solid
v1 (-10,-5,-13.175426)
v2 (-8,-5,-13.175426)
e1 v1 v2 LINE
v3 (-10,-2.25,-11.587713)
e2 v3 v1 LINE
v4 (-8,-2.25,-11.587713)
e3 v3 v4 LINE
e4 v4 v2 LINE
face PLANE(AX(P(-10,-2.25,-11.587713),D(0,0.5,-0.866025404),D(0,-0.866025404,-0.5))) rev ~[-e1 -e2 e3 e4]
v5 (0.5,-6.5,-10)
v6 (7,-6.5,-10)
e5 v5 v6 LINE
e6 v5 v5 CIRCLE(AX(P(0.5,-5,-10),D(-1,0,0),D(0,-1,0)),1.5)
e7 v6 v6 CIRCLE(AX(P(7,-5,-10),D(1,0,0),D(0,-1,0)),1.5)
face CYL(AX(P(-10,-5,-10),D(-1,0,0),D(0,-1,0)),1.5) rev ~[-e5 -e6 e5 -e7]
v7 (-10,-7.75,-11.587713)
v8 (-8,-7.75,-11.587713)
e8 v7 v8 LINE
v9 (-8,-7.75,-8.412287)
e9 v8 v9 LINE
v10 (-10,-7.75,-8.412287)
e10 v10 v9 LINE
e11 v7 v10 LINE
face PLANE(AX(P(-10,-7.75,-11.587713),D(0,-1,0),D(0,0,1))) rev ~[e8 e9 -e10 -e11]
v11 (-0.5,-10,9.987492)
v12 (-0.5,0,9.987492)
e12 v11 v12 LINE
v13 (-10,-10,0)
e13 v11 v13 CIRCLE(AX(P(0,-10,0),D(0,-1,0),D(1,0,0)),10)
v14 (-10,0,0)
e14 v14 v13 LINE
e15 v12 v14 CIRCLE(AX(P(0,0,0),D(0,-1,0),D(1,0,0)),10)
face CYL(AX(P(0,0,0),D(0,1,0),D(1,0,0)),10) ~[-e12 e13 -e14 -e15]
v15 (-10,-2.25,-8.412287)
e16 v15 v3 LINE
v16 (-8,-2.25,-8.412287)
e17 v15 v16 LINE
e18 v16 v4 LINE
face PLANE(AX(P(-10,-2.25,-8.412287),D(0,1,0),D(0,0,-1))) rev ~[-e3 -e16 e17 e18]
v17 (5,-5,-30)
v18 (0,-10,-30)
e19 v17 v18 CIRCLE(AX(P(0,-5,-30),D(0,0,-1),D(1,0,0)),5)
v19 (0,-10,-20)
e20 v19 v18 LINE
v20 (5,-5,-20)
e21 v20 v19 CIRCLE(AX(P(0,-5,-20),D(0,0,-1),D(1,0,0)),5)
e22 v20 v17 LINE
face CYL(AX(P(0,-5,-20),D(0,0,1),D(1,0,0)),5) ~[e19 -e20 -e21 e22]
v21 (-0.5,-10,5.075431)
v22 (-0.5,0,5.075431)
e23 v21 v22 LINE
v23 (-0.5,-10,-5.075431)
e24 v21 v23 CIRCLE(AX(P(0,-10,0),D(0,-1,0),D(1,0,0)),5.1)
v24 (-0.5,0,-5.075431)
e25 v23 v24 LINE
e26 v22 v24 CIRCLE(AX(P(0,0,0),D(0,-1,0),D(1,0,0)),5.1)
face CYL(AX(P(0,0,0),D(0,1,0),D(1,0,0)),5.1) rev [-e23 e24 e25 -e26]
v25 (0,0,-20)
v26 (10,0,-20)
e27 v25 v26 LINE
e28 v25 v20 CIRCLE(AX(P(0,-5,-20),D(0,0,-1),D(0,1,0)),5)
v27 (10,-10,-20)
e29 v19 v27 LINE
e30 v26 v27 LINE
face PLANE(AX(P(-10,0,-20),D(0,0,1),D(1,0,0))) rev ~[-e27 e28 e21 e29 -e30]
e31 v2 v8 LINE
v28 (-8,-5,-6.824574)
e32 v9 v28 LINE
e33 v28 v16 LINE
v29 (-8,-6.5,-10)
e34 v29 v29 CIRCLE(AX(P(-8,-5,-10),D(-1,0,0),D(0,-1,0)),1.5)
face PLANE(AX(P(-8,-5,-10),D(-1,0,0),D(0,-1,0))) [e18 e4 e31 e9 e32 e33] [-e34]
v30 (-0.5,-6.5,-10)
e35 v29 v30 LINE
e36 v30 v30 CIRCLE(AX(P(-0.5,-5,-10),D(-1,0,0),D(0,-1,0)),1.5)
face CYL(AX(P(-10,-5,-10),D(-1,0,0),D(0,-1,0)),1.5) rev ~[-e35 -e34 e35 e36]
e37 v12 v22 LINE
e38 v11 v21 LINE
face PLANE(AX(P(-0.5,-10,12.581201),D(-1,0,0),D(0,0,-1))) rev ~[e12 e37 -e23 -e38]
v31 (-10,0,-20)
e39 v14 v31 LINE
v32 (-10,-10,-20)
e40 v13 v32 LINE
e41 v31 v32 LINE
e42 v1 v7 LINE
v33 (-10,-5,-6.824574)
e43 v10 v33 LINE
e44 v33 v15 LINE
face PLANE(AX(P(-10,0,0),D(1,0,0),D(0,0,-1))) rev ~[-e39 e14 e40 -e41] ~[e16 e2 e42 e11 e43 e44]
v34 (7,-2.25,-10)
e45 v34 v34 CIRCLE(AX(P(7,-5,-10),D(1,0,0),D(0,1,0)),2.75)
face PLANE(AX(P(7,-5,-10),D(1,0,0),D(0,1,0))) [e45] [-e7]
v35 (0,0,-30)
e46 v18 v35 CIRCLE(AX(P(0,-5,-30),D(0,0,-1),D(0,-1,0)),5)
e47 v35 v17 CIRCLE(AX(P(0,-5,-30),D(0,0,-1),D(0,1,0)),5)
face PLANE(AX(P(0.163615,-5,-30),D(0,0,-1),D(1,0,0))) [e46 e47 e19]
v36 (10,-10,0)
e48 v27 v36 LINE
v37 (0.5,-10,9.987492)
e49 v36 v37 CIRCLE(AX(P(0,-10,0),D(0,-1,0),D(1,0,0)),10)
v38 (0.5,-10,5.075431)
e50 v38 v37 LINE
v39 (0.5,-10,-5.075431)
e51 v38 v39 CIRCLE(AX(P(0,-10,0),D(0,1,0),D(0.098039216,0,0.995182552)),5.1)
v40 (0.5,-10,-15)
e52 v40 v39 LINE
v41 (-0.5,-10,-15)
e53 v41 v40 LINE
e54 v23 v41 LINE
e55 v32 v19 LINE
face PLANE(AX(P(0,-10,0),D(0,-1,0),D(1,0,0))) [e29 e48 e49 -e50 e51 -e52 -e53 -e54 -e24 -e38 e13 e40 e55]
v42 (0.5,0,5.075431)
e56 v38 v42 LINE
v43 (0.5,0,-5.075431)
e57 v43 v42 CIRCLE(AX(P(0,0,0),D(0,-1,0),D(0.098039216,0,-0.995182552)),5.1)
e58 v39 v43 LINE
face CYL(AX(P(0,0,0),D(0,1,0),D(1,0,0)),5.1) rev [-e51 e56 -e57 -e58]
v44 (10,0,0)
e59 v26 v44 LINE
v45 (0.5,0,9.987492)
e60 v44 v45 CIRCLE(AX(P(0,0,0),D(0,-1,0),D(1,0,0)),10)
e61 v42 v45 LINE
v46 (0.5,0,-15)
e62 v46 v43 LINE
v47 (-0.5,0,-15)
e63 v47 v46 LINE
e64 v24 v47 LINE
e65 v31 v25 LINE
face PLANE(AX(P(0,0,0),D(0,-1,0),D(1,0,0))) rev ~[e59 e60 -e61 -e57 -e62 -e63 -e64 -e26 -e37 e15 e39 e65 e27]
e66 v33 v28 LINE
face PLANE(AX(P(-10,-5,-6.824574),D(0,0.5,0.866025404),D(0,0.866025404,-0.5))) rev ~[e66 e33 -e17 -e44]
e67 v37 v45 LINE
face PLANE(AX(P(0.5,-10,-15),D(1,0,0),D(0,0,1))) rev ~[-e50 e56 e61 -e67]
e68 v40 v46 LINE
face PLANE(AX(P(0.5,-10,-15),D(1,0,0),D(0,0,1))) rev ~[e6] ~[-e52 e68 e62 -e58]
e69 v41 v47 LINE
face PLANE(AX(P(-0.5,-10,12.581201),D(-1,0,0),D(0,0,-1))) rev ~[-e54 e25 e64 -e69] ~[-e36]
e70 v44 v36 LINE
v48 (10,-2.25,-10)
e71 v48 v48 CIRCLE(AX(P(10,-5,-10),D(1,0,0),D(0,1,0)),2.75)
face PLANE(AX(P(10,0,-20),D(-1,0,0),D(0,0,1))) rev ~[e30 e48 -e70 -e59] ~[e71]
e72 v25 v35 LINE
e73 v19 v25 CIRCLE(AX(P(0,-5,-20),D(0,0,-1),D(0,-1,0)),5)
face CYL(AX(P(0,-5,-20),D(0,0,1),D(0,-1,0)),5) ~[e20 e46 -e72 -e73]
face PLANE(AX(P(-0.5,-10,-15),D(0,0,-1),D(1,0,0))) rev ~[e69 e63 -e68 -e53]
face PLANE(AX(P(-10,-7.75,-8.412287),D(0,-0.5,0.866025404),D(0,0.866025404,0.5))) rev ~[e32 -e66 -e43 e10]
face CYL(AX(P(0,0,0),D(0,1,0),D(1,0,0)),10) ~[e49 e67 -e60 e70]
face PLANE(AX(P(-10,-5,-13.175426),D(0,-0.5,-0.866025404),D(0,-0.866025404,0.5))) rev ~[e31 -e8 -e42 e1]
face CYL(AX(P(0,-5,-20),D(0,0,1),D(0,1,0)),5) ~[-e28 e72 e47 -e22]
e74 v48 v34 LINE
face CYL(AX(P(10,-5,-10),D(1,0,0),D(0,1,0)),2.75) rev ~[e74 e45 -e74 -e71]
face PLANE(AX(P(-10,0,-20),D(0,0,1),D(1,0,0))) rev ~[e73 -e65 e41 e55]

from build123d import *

# Parameters (mm, degrees)
F0_R      = 5.1
F1_DEPTH  = 10
F2_R      = 1.5
F3_DEPTH  = 25
F5_DEPTH  = 25
F7_DEPTH  = 10
F8_R      = 2.75
F8_R_2    = 1.5
F9_DEPTH  = 3
F10_R     = 1.5
F11_DEPTH = 2


with BuildPart() as f1:
    # F0 (on Front) → F1 (new body)
    with BuildSketch(Plane.XZ):
        with BuildLine():
            ThreePointArc((-10, 0), (0, -10), (10, 0))
            ThreePointArc((10, 0), (0, 10), (-10, 0))
        make_face()
        Circle(F0_R, mode=Mode.SUBTRACT)
        with BuildLine():
            Line((10, -20), (10, 0))
            ThreePointArc((10, 0), (0, -10), (-10, 0))
            Line((-10, 0), (-10, -20))
            Line((-10, -20), (10, -20))
        make_face()
    extrude(amount=F1_DEPTH)

    # F2 (on face) → F3 (cut)
    with BuildSketch(Plane(origin=(-10, 0, 0), x_dir=(0, -1, 0), z_dir=(-1, 0, 0))):
        with Locations((5, -10)):
            Circle(F2_R)
    extrude(amount=-F3_DEPTH, mode=Mode.SUBTRACT)

    # F4 (on face) → F5 (cut)
    with BuildSketch(Plane.XZ.offset(10)):
        with BuildLine():
            Line((0.5, 12.5812012702), (-0.5, 12.5812012702))
            Line((-0.5, 12.5812012702), (-0.5, 9.9874921777))
            ThreePointArc((-0.5, 9.9874921777), (0, 10), (0.5, 9.9874921777))
            Line((0.5, 9.9874921777), (0.5, 12.5812012702))
        make_face()
        with BuildLine():
            ThreePointArc((0.5, 9.9874921777), (0, 10), (-0.5, 9.9874921777))
            Line((-0.5, 9.9874921777), (-0.5, 5.0754310162))
            ThreePointArc((-0.5, 5.0754310162), (0, 5.1), (0.5, 5.0754310162))
            Line((0.5, 5.0754310162), (0.5, 9.9874921777))
        make_face()
        with BuildLine():
            ThreePointArc((0.5, -5.0754310162), (0, -5.1), (-0.5, -5.0754310162))
            Line((-0.5, -5.0754310162), (-0.5, -15))
            Line((-0.5, -15), (0.5, -15))
            Line((0.5, -15), (0.5, -5.0754310162))
        make_face()
        with BuildLine():
            ThreePointArc((0.5, 5.0754310162), (0, 5.1), (-0.5, 5.0754310162))
            Line((-0.5, 5.0754310162), (-0.5, -5.0754310162))
            ThreePointArc((-0.5, -5.0754310162), (0, -5.1), (0.5, -5.0754310162))
            Line((0.5, -5.0754310162), (0.5, 5.0754310162))
        make_face()
    extrude(amount=-F5_DEPTH, mode=Mode.SUBTRACT)

    # F6 (on face) → F7 (join)
    with BuildSketch(Plane(origin=(0, 0, -20), x_dir=(1, 0, 0), z_dir=(0, 0, -1))):
        with BuildLine():
            ThreePointArc((0, 0), (3.5355339059, 1.4644660941), (5, 5))
            ThreePointArc((5, 5), (3.5355339059, 8.5355339059), (0, 10))
            ThreePointArc((0, 10), (-5, 5), (0, 0))
        make_face()
    extrude(amount=F7_DEPTH)

    # F8 (on face) → F9 (cut)
    with BuildSketch(Plane.YZ.offset(10)):
        with Locations((-5, -10)):
            Circle(F8_R)
        with Locations((-5, -10)):
            Circle(F8_R_2, mode=Mode.SUBTRACT)
    extrude(amount=-F9_DEPTH, mode=Mode.SUBTRACT)

    # F10 (on face) → F11 (cut)
    with BuildSketch(Plane(origin=(-10, 0, 0), x_dir=(0, -1, 0), z_dir=(-1, 0, 0))):
        Polygon((7.75, -11.5877132403), (7.75, -8.4122867597), (5, -6.8245735195), (2.25, -8.4122867597), (2.25, -11.5877132403), (5, -13.1754264805), align=None)
        with Locations((5, -10)):
            Circle(F10_R, mode=Mode.SUBTRACT)
    extrude(amount=-F11_DEPTH, mode=Mode.SUBTRACT)


solid = f1.part
